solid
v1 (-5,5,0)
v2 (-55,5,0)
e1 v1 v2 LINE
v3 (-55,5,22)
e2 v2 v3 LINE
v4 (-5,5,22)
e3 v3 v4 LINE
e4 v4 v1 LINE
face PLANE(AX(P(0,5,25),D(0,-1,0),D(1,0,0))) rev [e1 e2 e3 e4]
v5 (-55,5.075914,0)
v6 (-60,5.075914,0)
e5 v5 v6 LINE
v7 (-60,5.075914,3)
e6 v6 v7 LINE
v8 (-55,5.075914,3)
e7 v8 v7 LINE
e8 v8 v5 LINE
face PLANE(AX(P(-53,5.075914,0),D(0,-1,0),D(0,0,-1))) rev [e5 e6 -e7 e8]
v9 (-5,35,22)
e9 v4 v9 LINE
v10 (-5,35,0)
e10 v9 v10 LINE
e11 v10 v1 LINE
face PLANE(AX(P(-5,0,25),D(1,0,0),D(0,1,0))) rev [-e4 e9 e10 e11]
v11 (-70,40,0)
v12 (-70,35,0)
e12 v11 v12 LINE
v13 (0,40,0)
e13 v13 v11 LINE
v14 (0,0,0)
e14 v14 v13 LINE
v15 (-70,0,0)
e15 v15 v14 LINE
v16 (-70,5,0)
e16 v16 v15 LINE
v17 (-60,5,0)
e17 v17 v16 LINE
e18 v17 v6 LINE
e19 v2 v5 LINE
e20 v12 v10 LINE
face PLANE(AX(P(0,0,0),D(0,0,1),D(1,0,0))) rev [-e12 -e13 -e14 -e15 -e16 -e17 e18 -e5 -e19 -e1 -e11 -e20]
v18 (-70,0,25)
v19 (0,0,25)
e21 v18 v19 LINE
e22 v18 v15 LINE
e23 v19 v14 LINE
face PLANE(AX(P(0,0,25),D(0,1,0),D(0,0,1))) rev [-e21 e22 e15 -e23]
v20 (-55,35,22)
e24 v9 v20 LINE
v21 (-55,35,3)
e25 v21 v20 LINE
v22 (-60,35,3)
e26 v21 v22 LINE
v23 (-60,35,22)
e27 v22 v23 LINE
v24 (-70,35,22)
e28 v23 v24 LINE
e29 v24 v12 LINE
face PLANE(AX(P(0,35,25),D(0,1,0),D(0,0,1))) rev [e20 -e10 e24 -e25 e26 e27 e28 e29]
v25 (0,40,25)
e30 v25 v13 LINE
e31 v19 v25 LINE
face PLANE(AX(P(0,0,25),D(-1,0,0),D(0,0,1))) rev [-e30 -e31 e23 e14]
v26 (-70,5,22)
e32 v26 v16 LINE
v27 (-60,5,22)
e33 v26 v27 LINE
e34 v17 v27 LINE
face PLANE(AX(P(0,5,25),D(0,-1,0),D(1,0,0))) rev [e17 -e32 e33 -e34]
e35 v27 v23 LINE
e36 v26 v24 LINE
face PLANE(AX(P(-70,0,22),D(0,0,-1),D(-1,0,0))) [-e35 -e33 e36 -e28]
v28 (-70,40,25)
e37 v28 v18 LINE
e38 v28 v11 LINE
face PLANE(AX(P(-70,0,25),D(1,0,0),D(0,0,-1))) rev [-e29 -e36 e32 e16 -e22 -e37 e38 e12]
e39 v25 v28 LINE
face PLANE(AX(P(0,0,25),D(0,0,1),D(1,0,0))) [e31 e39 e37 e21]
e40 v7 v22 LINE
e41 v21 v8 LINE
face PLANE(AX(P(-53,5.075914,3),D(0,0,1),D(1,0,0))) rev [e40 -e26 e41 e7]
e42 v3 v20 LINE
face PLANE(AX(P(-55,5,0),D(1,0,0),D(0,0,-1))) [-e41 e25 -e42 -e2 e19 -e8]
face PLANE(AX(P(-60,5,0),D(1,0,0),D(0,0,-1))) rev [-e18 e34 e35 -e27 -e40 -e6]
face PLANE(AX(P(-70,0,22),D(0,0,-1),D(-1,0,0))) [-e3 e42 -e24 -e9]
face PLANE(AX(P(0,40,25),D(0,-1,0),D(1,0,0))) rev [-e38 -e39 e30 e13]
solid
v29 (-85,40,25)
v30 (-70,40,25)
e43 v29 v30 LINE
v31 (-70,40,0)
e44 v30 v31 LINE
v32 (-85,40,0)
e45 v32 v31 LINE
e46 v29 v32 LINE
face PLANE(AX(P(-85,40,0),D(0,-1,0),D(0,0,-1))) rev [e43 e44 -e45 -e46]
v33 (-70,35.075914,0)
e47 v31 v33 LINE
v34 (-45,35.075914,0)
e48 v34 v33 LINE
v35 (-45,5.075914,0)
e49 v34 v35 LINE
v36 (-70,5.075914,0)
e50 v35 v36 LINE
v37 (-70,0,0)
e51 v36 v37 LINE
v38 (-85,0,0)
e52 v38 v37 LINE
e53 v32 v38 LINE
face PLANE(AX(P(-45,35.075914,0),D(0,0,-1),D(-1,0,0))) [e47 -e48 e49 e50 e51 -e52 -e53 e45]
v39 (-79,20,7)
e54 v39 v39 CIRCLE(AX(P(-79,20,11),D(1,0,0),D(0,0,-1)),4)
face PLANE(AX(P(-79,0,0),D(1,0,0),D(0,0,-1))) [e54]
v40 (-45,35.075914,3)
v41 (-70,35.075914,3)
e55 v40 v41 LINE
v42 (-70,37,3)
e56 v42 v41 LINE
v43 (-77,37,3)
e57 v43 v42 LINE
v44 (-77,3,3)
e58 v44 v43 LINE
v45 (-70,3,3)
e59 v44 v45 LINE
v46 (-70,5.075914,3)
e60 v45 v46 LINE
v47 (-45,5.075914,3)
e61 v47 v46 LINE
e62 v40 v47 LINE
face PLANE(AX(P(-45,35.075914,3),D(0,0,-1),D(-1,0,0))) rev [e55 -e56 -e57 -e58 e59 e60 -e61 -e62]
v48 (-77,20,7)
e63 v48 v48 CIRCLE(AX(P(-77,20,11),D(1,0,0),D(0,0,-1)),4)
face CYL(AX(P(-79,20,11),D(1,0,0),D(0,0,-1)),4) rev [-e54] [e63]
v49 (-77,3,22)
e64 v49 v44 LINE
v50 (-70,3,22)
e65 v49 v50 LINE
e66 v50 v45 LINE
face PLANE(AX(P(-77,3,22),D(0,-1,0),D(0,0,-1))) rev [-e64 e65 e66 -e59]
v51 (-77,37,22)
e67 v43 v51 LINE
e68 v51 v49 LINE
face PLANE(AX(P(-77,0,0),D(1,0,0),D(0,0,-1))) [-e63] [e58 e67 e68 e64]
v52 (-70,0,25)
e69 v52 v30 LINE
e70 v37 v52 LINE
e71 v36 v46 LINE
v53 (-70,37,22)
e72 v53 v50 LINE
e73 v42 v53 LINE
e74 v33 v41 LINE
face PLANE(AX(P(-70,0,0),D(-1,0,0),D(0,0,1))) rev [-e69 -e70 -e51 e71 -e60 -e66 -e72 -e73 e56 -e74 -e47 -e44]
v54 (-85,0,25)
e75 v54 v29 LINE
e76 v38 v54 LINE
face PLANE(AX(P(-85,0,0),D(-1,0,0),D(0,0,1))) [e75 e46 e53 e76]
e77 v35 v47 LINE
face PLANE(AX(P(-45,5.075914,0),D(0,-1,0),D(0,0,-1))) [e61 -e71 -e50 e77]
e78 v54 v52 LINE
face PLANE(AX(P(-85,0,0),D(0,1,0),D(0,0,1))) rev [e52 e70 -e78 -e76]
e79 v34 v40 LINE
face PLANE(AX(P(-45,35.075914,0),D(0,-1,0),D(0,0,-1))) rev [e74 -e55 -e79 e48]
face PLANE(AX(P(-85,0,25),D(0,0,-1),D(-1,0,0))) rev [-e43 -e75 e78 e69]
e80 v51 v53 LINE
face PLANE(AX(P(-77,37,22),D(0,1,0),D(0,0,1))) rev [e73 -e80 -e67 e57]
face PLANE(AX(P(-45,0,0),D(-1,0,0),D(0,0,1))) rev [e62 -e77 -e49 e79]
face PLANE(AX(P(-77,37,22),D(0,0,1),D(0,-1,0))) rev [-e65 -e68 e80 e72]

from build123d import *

# Parameters (mm, degrees)
EXTRUDE_1_DEPTH     = 25
SKETCH_2_W          = 3
SKETCH_2_H          = 40
EXTRUDE_2_DEPTH     = 70
SKETCH_4_W          = 5
SKETCH_4_H          = 30
EXTRUDE_3_DEPTH     = 22
SKETCH_11_W         = 3
SKETCH_11_H         = 29.924086267
CUT_EXTRUDE_3_DEPTH = 7
SKETCH_13_W         = 3
SKETCH_13_H         = 30
EXTRUDE_5_DEPTH     = 25
SKETCH_6_W          = 3
SKETCH_6_H          = 5
SKETCH_6_H_2        = 30
SKETCH_6_W_2        = 19
SKETCH_6_W_3        = 22
SKETCH_6_H_3        = 40
EXTRUDE_6_DEPTH     = 15
SKETCH_14_W         = 19
SKETCH_14_H         = 34
SKETCH_14_R         = 4
CUT_EXTRUDE_4_DEPTH = 7
SKETCH_14_2_R       = 4
CUT_EXTRUDE_5_DEPTH = 9


with BuildPart() as part:
    # 스케치1 → 보스-돌출1 (new body)
    with BuildSketch(Plane.XY):
        Polygon((-70, 5), (-70, 0), (0, 0), (0, 40), (-70, 40), (-70, 35), (-5, 35), (-5, 5), align=None)
    extrude(amount=EXTRUDE_1_DEPTH)

    # 스케치2 → 보스-돌출2 (add)
    with BuildSketch(Plane(origin=(0, 0, 0), x_dir=(0, 0, -1), z_dir=(1, 0, 0))):
        with Locations((-23.5, 20)):
            Rectangle(SKETCH_2_W, SKETCH_2_H)
    extrude(amount=-EXTRUDE_2_DEPTH)

    # 스케치4 → 보스-돌출3 (add)
    with BuildSketch(Plane(origin=(0, 0, 22), x_dir=(-1, 0, 0), z_dir=(0, 0, -1))):
        with Locations((57.5, 20)):
            Rectangle(SKETCH_4_W, SKETCH_4_H)
    extrude(amount=EXTRUDE_3_DEPTH)

    # 스케치11 → 컷-돌출3 (cut)
    with BuildSketch(Plane.ZY.offset(60)):
        with Locations((1.5, 20.037956867)):
            Rectangle(SKETCH_11_W, SKETCH_11_H)
    extrude(amount=-CUT_EXTRUDE_3_DEPTH, mode=Mode.SUBTRACT)


with BuildPart() as body_2:
    # 스케치13 → 보스-돌출5 (new body)
    with BuildSketch(Plane.ZY.offset(70)):
        with Locations((1.5, 20.075913733)):
            Rectangle(SKETCH_13_W, SKETCH_13_H)
    extrude(amount=-EXTRUDE_5_DEPTH)

    # 스케치6 → 보스-돌출6 (add)
    with BuildSketch(Plane.ZY.offset(70)):
        with Locations((1.5, 2.5)):
            Rectangle(SKETCH_6_W, SKETCH_6_H)
        with Locations((1.5, 20)):
            Rectangle(SKETCH_6_W, SKETCH_6_H_2)
        with Locations((1.5, 37.5)):
            Rectangle(SKETCH_6_W, SKETCH_6_H)
        with Locations((12.5, 20)):
            Rectangle(SKETCH_6_W_2, SKETCH_6_H_2)
        Polygon((25, 40), (3, 40), (3, 35), (22, 35), (22, 5), (3, 5), (3, 0), (25, 0), align=None)
        with Locations((14, 20)):
            Rectangle(SKETCH_6_W_3, SKETCH_6_H_3)
    extrude(amount=EXTRUDE_6_DEPTH)

    # 스케치14 → 컷-돌출4 (cut)
    with BuildSketch(Plane(origin=(-70, 0, 0), x_dir=(0, 0, -1), z_dir=(1, 0, 0))):
        with Locations((-12.5, 20)):
            Rectangle(SKETCH_14_W, SKETCH_14_H)
        with Locations((-11, 20)):
            Circle(SKETCH_14_R, mode=Mode.SUBTRACT)
    extrude(amount=-CUT_EXTRUDE_4_DEPTH, mode=Mode.SUBTRACT)

    # 스케치14<2> → 컷-돌출5 (cut)
    with BuildSketch(Plane(origin=(-70, 0, 0), x_dir=(0, 0, -1), z_dir=(1, 0, 0))):
        with Locations((-11, 20)):
            Circle(SKETCH_14_2_R)
    extrude(amount=-CUT_EXTRUDE_5_DEPTH, mode=Mode.SUBTRACT)


solid = Compound([part.part, body_2.part])
